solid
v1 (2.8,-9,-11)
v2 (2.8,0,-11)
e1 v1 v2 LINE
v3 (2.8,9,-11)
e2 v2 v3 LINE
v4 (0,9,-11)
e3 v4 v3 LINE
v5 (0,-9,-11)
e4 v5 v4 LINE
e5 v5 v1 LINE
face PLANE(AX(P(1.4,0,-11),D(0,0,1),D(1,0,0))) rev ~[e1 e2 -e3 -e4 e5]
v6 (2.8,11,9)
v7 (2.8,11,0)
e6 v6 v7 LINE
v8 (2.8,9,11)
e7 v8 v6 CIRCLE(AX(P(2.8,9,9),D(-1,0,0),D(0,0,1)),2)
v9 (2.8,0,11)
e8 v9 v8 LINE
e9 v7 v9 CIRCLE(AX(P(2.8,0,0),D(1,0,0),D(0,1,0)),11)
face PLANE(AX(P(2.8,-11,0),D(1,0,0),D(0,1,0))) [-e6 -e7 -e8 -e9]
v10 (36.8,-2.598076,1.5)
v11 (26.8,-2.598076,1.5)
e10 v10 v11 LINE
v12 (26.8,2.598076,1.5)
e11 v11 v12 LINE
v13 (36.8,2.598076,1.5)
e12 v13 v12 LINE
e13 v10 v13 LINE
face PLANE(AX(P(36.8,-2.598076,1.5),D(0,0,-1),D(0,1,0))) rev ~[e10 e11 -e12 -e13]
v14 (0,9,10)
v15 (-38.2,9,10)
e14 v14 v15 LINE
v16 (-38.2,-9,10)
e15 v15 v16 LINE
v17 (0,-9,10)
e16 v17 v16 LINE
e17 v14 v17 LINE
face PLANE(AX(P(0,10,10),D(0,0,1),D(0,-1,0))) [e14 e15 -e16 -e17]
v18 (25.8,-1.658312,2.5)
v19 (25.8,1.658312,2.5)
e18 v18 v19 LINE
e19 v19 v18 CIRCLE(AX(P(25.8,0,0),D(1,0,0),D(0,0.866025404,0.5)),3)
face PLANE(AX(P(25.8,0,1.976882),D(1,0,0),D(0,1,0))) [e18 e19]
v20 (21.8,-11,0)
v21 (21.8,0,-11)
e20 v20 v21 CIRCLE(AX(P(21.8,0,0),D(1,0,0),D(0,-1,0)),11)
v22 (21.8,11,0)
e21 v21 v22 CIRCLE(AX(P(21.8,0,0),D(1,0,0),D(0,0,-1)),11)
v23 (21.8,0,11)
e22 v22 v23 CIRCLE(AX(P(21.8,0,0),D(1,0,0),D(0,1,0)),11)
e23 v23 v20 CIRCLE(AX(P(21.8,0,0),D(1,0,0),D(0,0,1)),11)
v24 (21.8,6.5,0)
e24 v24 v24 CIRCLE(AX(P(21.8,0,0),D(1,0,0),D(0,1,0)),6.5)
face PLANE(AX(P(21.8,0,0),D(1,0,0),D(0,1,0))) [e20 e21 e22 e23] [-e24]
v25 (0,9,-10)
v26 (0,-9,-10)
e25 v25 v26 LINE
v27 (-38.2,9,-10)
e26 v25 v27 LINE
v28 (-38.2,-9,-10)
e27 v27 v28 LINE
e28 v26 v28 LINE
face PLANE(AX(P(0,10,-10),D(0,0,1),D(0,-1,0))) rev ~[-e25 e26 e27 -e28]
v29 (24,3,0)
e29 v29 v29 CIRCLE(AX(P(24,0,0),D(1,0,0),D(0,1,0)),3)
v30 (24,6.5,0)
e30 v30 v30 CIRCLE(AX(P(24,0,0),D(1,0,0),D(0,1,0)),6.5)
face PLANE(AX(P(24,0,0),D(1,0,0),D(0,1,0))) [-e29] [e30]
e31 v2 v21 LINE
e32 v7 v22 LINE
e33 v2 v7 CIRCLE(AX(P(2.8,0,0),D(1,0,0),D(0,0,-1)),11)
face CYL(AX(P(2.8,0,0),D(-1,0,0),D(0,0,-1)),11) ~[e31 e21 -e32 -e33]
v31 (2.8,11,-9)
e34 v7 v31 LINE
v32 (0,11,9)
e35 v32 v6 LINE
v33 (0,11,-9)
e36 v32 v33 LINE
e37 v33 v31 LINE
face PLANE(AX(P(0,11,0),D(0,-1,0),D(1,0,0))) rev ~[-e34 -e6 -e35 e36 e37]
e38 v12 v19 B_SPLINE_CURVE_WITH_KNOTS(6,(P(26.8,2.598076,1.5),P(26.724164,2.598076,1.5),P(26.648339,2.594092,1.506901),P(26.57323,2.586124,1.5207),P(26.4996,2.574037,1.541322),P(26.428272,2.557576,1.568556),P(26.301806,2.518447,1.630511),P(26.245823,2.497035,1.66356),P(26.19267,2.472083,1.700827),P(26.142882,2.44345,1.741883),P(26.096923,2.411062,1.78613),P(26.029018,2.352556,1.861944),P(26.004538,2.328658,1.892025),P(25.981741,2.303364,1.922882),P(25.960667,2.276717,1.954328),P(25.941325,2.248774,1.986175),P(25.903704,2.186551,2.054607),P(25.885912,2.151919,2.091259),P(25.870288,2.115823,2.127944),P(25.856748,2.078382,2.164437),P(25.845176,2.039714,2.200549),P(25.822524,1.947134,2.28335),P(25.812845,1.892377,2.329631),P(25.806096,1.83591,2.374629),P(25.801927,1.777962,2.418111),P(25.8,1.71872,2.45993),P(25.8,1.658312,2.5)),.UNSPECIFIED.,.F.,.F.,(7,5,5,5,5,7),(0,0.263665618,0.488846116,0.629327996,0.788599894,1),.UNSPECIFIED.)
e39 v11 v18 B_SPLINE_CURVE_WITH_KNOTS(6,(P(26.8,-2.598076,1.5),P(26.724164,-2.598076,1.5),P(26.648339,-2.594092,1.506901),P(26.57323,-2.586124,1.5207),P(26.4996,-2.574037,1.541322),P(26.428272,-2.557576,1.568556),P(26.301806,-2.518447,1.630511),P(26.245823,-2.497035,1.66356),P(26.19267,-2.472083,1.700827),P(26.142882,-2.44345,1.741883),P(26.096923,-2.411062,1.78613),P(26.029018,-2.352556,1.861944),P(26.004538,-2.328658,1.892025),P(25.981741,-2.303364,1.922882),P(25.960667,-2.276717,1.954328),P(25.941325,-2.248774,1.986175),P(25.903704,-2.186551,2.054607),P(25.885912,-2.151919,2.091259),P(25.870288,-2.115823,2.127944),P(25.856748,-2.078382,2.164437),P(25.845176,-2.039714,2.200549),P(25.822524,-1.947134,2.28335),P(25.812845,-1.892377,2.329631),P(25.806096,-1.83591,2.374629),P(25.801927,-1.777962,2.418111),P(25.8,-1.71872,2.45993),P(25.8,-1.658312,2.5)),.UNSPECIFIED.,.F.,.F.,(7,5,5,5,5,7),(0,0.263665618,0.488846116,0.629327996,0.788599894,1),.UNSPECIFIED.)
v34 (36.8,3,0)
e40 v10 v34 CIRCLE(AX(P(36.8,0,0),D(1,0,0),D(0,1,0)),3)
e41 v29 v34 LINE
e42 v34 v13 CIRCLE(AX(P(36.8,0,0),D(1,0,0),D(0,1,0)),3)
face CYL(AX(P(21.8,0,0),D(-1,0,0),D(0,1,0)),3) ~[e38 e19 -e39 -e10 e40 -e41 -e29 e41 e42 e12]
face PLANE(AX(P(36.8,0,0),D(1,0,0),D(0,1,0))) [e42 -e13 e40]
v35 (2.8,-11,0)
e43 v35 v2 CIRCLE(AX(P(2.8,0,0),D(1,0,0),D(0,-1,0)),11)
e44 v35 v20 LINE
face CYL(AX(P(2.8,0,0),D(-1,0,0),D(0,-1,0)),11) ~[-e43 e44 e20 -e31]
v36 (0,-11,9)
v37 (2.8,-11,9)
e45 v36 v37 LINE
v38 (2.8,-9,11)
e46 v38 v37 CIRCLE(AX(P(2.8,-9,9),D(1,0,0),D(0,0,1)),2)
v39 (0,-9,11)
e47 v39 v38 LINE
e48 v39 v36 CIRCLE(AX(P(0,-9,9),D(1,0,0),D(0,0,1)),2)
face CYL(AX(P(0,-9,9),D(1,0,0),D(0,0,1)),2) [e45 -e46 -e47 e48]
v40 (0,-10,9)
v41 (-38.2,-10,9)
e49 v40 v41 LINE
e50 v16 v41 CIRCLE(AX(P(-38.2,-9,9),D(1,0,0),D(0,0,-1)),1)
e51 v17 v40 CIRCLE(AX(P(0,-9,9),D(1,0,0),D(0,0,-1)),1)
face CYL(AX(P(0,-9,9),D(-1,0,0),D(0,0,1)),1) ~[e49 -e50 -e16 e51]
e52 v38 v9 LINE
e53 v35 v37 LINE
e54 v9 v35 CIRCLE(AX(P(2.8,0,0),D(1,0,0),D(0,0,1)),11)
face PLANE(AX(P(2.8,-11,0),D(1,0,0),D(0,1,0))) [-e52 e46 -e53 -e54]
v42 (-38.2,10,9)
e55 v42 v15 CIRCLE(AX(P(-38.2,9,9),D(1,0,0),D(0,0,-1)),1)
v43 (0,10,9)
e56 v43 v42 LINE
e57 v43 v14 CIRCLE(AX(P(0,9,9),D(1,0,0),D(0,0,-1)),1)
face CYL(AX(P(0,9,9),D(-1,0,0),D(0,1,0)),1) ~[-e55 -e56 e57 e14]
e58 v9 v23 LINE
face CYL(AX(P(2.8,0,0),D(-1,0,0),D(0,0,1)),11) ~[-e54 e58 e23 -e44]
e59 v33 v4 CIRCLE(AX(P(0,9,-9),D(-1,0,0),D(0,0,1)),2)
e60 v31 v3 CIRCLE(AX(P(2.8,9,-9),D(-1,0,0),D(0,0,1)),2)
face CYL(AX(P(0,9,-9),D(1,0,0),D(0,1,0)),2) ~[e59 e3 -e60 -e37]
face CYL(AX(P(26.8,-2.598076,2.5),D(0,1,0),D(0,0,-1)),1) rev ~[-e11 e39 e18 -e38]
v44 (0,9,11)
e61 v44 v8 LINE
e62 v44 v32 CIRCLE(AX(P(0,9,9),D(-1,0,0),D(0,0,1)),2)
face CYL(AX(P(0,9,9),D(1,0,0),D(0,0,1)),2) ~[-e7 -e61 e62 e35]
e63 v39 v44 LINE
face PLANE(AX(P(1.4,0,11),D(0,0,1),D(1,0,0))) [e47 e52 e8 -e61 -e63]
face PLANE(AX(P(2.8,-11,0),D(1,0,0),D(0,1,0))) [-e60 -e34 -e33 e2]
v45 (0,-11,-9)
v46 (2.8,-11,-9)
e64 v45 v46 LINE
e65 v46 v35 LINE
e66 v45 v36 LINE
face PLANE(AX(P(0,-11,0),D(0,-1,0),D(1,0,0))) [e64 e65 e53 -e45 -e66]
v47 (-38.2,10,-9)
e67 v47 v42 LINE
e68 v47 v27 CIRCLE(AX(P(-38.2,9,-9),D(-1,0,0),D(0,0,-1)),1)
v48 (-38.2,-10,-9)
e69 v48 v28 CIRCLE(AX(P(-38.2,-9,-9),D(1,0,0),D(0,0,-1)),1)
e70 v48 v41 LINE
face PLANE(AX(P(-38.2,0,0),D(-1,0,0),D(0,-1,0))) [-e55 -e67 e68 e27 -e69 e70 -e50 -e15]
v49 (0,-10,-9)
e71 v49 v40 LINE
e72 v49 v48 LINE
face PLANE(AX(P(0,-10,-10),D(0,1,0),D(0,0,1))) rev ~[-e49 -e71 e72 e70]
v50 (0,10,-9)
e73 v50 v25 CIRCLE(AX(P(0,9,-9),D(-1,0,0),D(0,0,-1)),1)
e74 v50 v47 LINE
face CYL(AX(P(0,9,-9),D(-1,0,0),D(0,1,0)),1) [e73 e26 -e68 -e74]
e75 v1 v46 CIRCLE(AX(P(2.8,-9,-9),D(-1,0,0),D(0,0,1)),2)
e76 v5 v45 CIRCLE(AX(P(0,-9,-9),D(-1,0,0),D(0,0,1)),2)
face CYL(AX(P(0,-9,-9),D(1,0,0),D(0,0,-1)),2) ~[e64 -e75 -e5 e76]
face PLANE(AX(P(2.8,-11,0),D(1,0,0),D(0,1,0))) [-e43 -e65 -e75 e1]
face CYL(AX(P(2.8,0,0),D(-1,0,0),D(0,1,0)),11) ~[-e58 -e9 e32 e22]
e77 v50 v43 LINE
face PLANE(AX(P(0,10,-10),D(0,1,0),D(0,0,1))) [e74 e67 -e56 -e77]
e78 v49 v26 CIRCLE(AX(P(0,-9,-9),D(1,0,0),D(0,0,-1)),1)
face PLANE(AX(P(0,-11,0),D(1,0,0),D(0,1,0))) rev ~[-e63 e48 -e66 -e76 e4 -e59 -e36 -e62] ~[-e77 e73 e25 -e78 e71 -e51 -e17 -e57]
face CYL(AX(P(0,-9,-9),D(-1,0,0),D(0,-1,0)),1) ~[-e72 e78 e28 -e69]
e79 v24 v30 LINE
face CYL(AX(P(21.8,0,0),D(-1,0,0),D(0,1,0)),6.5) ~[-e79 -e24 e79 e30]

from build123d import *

# Parameters (mm, degrees)
F0_W      = 2.8
F0_H      = 22
F1_DEPTH  = 11
F2_R      = 2
F4_DEPTH  = 19
F5_R      = 3
F6_DEPTH  = 15
F8_DEPTH  = 11
F9_R      = 1
F10_W     = 20
F10_H     = 20
F11_DEPTH = 38.2
F12_R     = 1
F5_R_2    = 6.5
F13_DEPTH = 2.2


with BuildPart() as f1:
    # F0 (on Top) → F1 (new body, symmetric)
    with BuildSketch(Plane.XY):
        with Locations((1.4, 0)):
            Rectangle(F0_W, F0_H)
    extrude(amount=F1_DEPTH, both=True)

    # F2
    f2_edges = [f1.edges().sort_by_distance(p)[0] for p in [
        (1.4, -11, 11),
        (1.4, 11, 11),
        (1.4, -11, -11),
        (1.4, 11, -11),
    ]]
    fillet(f2_edges, radius=F2_R)

    # F3 (on face) → F4 (join)
    with BuildSketch(Plane.YZ.offset(2.8)):
        with BuildLine():
            ThreePointArc((0, -11), (7.7781745931, -7.7781745931), (11, 0))
            ThreePointArc((11, 0), (7.7781745931, 7.7781745931), (0, 11))
            ThreePointArc((0, 11), (-7.7781745931, 7.7781745931), (-11, 0))
            ThreePointArc((-11, 0), (-7.7781745931, -7.7781745931), (0, -11))
        make_face()
    extrude(amount=F4_DEPTH)

    # F5 (on face) → F6 (join)
    with BuildSketch(Plane.YZ.offset(21.8)):
        Circle(F5_R)
    extrude(amount=F6_DEPTH)

    # F7 (on face) → F8 (cut)
    with BuildSketch(Plane.YZ.offset(36.8)):
        with BuildLine():
            ThreePointArc((2.5980762114, 1.5), (0, 3), (-2.5980762114, 1.5))
            Line((-2.5980762114, 1.5), (2.5980762114, 1.5))
        make_face()
    extrude(amount=-F8_DEPTH, mode=Mode.SUBTRACT)

    # F9
    f9_edges = [f1.edges().sort_by_distance(p)[0] for p in [
        (25.8, 0, 1.5),
    ]]
    fillet(f9_edges, radius=F9_R)

    # F10 (on face) → F11 (join)
    with BuildSketch(Plane(origin=(0, 0, 0), x_dir=(0, -1, 0), z_dir=(-1, 0, 0))):
        Rectangle(F10_W, F10_H)
    extrude(amount=F11_DEPTH)

    # F12
    f12_edges = [f1.edges().sort_by_distance(p)[0] for p in [
        (-19.1, -10, 10),
        (-19.1, 10, 10),
        (-19.1, -10, -10),
        (-19.1, 10, -10),
    ]]
    fillet(f12_edges, radius=F12_R)

    # F5 (on face) → F13 (join)
    with BuildSketch(Plane.YZ.offset(21.8)):
        Circle(F5_R_2)
        Circle(F5_R, mode=Mode.SUBTRACT)
    extrude(amount=F13_DEPTH)


solid = f1.part
